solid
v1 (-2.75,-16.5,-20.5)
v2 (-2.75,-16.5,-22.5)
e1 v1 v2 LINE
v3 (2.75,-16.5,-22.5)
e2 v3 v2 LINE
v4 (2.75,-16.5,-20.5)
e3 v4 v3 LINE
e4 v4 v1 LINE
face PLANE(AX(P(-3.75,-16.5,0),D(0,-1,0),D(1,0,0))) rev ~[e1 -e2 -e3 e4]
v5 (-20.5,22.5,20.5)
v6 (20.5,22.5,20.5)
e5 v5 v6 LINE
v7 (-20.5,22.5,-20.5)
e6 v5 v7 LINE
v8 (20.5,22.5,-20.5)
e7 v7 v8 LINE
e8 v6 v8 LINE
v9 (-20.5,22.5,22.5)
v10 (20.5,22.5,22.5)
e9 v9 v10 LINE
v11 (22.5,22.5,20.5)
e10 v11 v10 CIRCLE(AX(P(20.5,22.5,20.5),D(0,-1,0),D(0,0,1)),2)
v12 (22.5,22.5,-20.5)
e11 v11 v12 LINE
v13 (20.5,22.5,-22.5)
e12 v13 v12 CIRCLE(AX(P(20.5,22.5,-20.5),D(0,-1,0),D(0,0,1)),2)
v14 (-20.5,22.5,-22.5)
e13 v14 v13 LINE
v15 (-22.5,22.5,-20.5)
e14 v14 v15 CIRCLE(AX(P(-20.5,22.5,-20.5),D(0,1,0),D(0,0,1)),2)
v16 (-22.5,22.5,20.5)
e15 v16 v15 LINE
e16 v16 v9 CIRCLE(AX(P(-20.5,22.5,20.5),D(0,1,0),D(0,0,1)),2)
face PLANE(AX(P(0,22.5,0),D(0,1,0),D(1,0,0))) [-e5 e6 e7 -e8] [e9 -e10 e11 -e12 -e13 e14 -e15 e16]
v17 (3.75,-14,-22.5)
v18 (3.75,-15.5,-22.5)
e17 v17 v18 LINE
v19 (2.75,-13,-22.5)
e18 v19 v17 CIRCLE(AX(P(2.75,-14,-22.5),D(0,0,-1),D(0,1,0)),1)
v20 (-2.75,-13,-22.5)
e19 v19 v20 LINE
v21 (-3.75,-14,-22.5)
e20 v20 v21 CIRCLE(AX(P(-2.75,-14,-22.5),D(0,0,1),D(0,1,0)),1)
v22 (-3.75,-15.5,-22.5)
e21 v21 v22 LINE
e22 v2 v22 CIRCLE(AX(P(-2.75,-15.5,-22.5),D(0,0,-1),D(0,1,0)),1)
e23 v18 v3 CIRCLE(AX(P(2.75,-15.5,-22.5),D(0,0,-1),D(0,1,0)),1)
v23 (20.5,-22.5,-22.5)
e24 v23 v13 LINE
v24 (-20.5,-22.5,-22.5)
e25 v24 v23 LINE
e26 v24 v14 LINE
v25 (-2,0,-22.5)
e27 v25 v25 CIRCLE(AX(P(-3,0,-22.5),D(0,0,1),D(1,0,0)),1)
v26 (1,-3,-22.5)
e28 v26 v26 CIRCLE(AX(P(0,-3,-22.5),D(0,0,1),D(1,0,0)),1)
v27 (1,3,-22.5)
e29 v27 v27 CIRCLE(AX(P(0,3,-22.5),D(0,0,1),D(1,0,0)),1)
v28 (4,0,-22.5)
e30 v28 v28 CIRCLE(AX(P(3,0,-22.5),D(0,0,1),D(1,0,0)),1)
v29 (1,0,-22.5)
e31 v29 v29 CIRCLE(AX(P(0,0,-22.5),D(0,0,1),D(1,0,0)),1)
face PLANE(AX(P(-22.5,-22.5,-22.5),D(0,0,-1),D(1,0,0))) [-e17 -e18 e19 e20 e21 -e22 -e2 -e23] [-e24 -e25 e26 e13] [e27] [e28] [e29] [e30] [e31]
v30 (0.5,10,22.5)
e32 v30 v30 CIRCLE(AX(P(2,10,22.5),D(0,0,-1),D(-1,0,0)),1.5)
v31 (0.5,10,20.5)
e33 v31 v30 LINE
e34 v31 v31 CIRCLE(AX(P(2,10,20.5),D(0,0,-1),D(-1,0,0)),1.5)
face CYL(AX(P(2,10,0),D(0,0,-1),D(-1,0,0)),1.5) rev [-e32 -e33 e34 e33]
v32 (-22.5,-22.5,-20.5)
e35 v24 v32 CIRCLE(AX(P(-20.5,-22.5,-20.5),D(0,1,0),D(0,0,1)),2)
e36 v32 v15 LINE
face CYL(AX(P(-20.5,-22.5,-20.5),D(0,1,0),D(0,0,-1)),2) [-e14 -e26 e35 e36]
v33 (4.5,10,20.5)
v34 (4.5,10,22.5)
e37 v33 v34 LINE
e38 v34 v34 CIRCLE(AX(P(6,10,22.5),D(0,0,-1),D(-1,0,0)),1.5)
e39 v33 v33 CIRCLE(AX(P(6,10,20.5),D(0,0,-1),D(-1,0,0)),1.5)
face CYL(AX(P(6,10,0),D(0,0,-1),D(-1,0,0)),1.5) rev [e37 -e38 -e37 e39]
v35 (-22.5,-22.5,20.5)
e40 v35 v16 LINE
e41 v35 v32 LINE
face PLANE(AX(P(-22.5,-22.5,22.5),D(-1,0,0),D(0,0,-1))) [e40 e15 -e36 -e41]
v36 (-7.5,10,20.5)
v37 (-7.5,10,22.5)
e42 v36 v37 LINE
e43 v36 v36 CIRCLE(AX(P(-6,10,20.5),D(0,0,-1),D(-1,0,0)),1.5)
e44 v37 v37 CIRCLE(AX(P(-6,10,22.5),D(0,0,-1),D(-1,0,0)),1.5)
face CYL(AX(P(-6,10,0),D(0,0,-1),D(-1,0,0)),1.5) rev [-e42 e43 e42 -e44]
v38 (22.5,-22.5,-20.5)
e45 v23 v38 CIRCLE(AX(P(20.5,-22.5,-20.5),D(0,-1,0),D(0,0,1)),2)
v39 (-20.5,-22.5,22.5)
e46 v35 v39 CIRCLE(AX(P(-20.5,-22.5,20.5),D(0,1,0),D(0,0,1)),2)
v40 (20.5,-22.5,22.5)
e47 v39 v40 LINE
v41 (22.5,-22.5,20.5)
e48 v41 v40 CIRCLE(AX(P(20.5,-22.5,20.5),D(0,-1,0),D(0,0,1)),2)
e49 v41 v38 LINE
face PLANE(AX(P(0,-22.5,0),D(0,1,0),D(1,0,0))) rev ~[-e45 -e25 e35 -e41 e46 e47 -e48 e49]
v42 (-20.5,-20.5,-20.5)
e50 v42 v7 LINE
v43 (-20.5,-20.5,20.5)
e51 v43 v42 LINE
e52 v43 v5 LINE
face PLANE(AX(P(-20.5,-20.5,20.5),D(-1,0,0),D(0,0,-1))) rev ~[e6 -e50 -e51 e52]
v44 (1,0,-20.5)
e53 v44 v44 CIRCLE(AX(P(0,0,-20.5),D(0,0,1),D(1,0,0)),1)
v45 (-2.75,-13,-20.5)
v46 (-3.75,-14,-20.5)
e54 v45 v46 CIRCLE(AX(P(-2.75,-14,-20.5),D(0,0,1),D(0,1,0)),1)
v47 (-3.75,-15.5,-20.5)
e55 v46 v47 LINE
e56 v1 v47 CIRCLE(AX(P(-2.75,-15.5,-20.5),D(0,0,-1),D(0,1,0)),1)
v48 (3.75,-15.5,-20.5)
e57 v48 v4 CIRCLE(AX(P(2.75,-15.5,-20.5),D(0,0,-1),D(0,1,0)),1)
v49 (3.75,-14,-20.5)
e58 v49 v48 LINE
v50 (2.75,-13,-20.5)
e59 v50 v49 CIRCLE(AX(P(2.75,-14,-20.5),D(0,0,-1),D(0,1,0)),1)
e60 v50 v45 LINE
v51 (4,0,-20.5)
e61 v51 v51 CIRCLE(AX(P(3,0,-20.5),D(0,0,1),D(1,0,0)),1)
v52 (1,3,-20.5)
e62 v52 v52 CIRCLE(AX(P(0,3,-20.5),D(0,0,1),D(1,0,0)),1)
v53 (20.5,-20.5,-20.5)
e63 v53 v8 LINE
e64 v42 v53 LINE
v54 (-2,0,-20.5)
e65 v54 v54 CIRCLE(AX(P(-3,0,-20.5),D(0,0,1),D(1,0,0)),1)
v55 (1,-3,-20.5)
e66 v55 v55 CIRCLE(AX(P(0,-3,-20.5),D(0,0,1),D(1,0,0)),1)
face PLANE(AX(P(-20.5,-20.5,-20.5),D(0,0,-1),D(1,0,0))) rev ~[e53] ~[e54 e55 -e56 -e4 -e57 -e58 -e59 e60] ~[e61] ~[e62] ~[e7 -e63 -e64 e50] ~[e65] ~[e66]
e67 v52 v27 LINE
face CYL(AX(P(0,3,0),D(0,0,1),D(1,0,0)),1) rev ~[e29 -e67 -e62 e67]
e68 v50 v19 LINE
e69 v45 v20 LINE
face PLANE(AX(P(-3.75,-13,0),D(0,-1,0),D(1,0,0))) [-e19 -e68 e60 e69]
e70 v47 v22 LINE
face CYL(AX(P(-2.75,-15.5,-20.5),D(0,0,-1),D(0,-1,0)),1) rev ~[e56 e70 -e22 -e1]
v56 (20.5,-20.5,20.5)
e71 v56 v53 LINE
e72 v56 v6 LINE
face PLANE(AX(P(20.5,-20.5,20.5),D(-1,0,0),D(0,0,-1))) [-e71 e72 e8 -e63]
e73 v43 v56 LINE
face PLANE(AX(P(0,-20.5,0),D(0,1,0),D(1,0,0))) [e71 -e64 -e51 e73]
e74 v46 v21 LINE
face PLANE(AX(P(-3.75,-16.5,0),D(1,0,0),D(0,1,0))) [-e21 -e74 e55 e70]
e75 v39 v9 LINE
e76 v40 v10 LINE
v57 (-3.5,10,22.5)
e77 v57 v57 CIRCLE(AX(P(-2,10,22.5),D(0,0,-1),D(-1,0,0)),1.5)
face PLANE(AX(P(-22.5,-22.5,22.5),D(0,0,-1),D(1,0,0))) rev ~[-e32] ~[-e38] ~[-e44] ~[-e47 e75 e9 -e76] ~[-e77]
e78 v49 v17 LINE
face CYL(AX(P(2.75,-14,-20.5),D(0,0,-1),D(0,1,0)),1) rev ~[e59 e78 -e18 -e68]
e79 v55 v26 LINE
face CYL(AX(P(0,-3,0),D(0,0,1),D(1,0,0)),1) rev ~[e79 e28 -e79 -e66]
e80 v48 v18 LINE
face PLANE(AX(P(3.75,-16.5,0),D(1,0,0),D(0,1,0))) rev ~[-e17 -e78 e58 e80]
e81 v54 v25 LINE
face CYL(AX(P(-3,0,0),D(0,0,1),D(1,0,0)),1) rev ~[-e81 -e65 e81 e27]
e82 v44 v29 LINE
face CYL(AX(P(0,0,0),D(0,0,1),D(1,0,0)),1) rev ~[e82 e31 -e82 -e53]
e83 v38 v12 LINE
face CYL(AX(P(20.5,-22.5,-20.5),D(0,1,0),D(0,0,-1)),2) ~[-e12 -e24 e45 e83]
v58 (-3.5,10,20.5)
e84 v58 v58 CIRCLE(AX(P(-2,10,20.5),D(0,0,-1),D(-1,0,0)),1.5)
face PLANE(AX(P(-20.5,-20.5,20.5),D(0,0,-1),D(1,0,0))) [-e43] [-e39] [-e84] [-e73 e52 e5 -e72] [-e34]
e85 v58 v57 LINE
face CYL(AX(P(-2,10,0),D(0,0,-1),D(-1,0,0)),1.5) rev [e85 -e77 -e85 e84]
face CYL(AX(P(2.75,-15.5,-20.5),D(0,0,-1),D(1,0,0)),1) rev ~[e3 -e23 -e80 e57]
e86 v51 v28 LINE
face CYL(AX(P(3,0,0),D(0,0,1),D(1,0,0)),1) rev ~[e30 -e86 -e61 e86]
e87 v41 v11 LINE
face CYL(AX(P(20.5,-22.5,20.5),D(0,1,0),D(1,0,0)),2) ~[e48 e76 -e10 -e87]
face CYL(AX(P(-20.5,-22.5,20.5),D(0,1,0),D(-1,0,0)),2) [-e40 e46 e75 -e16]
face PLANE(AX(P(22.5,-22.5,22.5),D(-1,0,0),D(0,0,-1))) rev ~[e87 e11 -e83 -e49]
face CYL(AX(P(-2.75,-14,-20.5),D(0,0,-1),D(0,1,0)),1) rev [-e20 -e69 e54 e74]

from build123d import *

# Parameters (mm, degrees)
BOSS_EXTRUDE2_DEPTH      = 22.5
BOSS_EXTRUDE2_DEPTH_BACK = 22.5
SKETCH4_W                = 45
SKETCH4_H                = 45
CUT_EXTRUDE1_DEPTH       = 22.5
CUT_EXTRUDE1_DEPTH_BACK  = 20.5
SKETCH5_W                = 41
SKETCH5_H                = 41
SKETCH6_R                = 1.5
CUT_EXTRUDE2_DEPTH       = 32.5
SKETCH8_R                = 1
CUT_EXTRUDE3_DEPTH       = 32.5
SKETCH9_W                = 7.5
SKETCH9_H                = 3.5
CUT_EXTRUDE4_DEPTH       = 32.5
FILLET2_R                = 1
FILLET3_R                = 2


with BuildPart() as part:
    # Sketch4 → Boss-Extrude2 (new, two sides: drawn at the far end of the back side and taken through both)
    with BuildSketch(Plane(origin=(0, 0, 0), x_dir=(1, 0, 0), z_dir=(0, 1, 0)).offset(-BOSS_EXTRUDE2_DEPTH_BACK)):
        Rectangle(SKETCH4_W, SKETCH4_H)
    extrude(amount=BOSS_EXTRUDE2_DEPTH + BOSS_EXTRUDE2_DEPTH_BACK)

    # Sketch5 → Cut-Extrude1 (cut, two sides: drawn at the far end of the back side and taken through both)
    with BuildSketch(Plane(origin=(0, 0, 0), x_dir=(1, 0, 0), z_dir=(0, 1, 0)).offset(-CUT_EXTRUDE1_DEPTH_BACK)):
        Rectangle(SKETCH5_W, SKETCH5_H)
    extrude(amount=CUT_EXTRUDE1_DEPTH + CUT_EXTRUDE1_DEPTH_BACK, mode=Mode.SUBTRACT)

    # Sketch6 → Cut-Extrude2 (cut)
    with BuildSketch(Plane.XY):
        with Locations((2, 10)):
            Circle(SKETCH6_R)
        with Locations((6, 10)):
            Circle(SKETCH6_R)
        with Locations((-2, 10)):
            Circle(SKETCH6_R)
        with Locations((-6, 10)):
            Circle(SKETCH6_R)
    extrude(amount=CUT_EXTRUDE2_DEPTH, mode=Mode.SUBTRACT)

    # Sketch8 → Cut-Extrude3 (cut)
    with BuildSketch(Plane.XY):
        Circle(SKETCH8_R)
        with Locations((3, 0)):
            Circle(SKETCH8_R)
        with Locations((0, 3)):
            Circle(SKETCH8_R)
        with Locations((-3, 0)):
            Circle(SKETCH8_R)
        with Locations((0, -3)):
            Circle(SKETCH8_R)
    extrude(amount=-CUT_EXTRUDE3_DEPTH, mode=Mode.SUBTRACT)

    # Sketch9 → Cut-Extrude4 (cut)
    with BuildSketch(Plane.XY):
        with Locations((0, -14.75)):
            Rectangle(SKETCH9_W, SKETCH9_H)
    extrude(amount=-CUT_EXTRUDE4_DEPTH, mode=Mode.SUBTRACT)

    # Fillet2
    fillet2_edges = [part.edges().sort_by_distance(p)[0] for p in [
        (-3.75, -16.5, -21.5),
        (3.75, -16.5, -21.5),
        (-3.75, -13, -21.5),
        (3.75, -13, -21.5),
    ]]
    fillet(fillet2_edges, radius=FILLET2_R)

    # Fillet3
    fillet3_edges = [part.edges().sort_by_distance(p)[0] for p in [
        (-22.5, 0, 22.5),
        (22.5, 0, -22.5),
        (22.5, 0, 22.5),
        (-22.5, 0, -22.5),
    ]]
    fillet(fillet3_edges, radius=FILLET3_R)


solid = part.part
